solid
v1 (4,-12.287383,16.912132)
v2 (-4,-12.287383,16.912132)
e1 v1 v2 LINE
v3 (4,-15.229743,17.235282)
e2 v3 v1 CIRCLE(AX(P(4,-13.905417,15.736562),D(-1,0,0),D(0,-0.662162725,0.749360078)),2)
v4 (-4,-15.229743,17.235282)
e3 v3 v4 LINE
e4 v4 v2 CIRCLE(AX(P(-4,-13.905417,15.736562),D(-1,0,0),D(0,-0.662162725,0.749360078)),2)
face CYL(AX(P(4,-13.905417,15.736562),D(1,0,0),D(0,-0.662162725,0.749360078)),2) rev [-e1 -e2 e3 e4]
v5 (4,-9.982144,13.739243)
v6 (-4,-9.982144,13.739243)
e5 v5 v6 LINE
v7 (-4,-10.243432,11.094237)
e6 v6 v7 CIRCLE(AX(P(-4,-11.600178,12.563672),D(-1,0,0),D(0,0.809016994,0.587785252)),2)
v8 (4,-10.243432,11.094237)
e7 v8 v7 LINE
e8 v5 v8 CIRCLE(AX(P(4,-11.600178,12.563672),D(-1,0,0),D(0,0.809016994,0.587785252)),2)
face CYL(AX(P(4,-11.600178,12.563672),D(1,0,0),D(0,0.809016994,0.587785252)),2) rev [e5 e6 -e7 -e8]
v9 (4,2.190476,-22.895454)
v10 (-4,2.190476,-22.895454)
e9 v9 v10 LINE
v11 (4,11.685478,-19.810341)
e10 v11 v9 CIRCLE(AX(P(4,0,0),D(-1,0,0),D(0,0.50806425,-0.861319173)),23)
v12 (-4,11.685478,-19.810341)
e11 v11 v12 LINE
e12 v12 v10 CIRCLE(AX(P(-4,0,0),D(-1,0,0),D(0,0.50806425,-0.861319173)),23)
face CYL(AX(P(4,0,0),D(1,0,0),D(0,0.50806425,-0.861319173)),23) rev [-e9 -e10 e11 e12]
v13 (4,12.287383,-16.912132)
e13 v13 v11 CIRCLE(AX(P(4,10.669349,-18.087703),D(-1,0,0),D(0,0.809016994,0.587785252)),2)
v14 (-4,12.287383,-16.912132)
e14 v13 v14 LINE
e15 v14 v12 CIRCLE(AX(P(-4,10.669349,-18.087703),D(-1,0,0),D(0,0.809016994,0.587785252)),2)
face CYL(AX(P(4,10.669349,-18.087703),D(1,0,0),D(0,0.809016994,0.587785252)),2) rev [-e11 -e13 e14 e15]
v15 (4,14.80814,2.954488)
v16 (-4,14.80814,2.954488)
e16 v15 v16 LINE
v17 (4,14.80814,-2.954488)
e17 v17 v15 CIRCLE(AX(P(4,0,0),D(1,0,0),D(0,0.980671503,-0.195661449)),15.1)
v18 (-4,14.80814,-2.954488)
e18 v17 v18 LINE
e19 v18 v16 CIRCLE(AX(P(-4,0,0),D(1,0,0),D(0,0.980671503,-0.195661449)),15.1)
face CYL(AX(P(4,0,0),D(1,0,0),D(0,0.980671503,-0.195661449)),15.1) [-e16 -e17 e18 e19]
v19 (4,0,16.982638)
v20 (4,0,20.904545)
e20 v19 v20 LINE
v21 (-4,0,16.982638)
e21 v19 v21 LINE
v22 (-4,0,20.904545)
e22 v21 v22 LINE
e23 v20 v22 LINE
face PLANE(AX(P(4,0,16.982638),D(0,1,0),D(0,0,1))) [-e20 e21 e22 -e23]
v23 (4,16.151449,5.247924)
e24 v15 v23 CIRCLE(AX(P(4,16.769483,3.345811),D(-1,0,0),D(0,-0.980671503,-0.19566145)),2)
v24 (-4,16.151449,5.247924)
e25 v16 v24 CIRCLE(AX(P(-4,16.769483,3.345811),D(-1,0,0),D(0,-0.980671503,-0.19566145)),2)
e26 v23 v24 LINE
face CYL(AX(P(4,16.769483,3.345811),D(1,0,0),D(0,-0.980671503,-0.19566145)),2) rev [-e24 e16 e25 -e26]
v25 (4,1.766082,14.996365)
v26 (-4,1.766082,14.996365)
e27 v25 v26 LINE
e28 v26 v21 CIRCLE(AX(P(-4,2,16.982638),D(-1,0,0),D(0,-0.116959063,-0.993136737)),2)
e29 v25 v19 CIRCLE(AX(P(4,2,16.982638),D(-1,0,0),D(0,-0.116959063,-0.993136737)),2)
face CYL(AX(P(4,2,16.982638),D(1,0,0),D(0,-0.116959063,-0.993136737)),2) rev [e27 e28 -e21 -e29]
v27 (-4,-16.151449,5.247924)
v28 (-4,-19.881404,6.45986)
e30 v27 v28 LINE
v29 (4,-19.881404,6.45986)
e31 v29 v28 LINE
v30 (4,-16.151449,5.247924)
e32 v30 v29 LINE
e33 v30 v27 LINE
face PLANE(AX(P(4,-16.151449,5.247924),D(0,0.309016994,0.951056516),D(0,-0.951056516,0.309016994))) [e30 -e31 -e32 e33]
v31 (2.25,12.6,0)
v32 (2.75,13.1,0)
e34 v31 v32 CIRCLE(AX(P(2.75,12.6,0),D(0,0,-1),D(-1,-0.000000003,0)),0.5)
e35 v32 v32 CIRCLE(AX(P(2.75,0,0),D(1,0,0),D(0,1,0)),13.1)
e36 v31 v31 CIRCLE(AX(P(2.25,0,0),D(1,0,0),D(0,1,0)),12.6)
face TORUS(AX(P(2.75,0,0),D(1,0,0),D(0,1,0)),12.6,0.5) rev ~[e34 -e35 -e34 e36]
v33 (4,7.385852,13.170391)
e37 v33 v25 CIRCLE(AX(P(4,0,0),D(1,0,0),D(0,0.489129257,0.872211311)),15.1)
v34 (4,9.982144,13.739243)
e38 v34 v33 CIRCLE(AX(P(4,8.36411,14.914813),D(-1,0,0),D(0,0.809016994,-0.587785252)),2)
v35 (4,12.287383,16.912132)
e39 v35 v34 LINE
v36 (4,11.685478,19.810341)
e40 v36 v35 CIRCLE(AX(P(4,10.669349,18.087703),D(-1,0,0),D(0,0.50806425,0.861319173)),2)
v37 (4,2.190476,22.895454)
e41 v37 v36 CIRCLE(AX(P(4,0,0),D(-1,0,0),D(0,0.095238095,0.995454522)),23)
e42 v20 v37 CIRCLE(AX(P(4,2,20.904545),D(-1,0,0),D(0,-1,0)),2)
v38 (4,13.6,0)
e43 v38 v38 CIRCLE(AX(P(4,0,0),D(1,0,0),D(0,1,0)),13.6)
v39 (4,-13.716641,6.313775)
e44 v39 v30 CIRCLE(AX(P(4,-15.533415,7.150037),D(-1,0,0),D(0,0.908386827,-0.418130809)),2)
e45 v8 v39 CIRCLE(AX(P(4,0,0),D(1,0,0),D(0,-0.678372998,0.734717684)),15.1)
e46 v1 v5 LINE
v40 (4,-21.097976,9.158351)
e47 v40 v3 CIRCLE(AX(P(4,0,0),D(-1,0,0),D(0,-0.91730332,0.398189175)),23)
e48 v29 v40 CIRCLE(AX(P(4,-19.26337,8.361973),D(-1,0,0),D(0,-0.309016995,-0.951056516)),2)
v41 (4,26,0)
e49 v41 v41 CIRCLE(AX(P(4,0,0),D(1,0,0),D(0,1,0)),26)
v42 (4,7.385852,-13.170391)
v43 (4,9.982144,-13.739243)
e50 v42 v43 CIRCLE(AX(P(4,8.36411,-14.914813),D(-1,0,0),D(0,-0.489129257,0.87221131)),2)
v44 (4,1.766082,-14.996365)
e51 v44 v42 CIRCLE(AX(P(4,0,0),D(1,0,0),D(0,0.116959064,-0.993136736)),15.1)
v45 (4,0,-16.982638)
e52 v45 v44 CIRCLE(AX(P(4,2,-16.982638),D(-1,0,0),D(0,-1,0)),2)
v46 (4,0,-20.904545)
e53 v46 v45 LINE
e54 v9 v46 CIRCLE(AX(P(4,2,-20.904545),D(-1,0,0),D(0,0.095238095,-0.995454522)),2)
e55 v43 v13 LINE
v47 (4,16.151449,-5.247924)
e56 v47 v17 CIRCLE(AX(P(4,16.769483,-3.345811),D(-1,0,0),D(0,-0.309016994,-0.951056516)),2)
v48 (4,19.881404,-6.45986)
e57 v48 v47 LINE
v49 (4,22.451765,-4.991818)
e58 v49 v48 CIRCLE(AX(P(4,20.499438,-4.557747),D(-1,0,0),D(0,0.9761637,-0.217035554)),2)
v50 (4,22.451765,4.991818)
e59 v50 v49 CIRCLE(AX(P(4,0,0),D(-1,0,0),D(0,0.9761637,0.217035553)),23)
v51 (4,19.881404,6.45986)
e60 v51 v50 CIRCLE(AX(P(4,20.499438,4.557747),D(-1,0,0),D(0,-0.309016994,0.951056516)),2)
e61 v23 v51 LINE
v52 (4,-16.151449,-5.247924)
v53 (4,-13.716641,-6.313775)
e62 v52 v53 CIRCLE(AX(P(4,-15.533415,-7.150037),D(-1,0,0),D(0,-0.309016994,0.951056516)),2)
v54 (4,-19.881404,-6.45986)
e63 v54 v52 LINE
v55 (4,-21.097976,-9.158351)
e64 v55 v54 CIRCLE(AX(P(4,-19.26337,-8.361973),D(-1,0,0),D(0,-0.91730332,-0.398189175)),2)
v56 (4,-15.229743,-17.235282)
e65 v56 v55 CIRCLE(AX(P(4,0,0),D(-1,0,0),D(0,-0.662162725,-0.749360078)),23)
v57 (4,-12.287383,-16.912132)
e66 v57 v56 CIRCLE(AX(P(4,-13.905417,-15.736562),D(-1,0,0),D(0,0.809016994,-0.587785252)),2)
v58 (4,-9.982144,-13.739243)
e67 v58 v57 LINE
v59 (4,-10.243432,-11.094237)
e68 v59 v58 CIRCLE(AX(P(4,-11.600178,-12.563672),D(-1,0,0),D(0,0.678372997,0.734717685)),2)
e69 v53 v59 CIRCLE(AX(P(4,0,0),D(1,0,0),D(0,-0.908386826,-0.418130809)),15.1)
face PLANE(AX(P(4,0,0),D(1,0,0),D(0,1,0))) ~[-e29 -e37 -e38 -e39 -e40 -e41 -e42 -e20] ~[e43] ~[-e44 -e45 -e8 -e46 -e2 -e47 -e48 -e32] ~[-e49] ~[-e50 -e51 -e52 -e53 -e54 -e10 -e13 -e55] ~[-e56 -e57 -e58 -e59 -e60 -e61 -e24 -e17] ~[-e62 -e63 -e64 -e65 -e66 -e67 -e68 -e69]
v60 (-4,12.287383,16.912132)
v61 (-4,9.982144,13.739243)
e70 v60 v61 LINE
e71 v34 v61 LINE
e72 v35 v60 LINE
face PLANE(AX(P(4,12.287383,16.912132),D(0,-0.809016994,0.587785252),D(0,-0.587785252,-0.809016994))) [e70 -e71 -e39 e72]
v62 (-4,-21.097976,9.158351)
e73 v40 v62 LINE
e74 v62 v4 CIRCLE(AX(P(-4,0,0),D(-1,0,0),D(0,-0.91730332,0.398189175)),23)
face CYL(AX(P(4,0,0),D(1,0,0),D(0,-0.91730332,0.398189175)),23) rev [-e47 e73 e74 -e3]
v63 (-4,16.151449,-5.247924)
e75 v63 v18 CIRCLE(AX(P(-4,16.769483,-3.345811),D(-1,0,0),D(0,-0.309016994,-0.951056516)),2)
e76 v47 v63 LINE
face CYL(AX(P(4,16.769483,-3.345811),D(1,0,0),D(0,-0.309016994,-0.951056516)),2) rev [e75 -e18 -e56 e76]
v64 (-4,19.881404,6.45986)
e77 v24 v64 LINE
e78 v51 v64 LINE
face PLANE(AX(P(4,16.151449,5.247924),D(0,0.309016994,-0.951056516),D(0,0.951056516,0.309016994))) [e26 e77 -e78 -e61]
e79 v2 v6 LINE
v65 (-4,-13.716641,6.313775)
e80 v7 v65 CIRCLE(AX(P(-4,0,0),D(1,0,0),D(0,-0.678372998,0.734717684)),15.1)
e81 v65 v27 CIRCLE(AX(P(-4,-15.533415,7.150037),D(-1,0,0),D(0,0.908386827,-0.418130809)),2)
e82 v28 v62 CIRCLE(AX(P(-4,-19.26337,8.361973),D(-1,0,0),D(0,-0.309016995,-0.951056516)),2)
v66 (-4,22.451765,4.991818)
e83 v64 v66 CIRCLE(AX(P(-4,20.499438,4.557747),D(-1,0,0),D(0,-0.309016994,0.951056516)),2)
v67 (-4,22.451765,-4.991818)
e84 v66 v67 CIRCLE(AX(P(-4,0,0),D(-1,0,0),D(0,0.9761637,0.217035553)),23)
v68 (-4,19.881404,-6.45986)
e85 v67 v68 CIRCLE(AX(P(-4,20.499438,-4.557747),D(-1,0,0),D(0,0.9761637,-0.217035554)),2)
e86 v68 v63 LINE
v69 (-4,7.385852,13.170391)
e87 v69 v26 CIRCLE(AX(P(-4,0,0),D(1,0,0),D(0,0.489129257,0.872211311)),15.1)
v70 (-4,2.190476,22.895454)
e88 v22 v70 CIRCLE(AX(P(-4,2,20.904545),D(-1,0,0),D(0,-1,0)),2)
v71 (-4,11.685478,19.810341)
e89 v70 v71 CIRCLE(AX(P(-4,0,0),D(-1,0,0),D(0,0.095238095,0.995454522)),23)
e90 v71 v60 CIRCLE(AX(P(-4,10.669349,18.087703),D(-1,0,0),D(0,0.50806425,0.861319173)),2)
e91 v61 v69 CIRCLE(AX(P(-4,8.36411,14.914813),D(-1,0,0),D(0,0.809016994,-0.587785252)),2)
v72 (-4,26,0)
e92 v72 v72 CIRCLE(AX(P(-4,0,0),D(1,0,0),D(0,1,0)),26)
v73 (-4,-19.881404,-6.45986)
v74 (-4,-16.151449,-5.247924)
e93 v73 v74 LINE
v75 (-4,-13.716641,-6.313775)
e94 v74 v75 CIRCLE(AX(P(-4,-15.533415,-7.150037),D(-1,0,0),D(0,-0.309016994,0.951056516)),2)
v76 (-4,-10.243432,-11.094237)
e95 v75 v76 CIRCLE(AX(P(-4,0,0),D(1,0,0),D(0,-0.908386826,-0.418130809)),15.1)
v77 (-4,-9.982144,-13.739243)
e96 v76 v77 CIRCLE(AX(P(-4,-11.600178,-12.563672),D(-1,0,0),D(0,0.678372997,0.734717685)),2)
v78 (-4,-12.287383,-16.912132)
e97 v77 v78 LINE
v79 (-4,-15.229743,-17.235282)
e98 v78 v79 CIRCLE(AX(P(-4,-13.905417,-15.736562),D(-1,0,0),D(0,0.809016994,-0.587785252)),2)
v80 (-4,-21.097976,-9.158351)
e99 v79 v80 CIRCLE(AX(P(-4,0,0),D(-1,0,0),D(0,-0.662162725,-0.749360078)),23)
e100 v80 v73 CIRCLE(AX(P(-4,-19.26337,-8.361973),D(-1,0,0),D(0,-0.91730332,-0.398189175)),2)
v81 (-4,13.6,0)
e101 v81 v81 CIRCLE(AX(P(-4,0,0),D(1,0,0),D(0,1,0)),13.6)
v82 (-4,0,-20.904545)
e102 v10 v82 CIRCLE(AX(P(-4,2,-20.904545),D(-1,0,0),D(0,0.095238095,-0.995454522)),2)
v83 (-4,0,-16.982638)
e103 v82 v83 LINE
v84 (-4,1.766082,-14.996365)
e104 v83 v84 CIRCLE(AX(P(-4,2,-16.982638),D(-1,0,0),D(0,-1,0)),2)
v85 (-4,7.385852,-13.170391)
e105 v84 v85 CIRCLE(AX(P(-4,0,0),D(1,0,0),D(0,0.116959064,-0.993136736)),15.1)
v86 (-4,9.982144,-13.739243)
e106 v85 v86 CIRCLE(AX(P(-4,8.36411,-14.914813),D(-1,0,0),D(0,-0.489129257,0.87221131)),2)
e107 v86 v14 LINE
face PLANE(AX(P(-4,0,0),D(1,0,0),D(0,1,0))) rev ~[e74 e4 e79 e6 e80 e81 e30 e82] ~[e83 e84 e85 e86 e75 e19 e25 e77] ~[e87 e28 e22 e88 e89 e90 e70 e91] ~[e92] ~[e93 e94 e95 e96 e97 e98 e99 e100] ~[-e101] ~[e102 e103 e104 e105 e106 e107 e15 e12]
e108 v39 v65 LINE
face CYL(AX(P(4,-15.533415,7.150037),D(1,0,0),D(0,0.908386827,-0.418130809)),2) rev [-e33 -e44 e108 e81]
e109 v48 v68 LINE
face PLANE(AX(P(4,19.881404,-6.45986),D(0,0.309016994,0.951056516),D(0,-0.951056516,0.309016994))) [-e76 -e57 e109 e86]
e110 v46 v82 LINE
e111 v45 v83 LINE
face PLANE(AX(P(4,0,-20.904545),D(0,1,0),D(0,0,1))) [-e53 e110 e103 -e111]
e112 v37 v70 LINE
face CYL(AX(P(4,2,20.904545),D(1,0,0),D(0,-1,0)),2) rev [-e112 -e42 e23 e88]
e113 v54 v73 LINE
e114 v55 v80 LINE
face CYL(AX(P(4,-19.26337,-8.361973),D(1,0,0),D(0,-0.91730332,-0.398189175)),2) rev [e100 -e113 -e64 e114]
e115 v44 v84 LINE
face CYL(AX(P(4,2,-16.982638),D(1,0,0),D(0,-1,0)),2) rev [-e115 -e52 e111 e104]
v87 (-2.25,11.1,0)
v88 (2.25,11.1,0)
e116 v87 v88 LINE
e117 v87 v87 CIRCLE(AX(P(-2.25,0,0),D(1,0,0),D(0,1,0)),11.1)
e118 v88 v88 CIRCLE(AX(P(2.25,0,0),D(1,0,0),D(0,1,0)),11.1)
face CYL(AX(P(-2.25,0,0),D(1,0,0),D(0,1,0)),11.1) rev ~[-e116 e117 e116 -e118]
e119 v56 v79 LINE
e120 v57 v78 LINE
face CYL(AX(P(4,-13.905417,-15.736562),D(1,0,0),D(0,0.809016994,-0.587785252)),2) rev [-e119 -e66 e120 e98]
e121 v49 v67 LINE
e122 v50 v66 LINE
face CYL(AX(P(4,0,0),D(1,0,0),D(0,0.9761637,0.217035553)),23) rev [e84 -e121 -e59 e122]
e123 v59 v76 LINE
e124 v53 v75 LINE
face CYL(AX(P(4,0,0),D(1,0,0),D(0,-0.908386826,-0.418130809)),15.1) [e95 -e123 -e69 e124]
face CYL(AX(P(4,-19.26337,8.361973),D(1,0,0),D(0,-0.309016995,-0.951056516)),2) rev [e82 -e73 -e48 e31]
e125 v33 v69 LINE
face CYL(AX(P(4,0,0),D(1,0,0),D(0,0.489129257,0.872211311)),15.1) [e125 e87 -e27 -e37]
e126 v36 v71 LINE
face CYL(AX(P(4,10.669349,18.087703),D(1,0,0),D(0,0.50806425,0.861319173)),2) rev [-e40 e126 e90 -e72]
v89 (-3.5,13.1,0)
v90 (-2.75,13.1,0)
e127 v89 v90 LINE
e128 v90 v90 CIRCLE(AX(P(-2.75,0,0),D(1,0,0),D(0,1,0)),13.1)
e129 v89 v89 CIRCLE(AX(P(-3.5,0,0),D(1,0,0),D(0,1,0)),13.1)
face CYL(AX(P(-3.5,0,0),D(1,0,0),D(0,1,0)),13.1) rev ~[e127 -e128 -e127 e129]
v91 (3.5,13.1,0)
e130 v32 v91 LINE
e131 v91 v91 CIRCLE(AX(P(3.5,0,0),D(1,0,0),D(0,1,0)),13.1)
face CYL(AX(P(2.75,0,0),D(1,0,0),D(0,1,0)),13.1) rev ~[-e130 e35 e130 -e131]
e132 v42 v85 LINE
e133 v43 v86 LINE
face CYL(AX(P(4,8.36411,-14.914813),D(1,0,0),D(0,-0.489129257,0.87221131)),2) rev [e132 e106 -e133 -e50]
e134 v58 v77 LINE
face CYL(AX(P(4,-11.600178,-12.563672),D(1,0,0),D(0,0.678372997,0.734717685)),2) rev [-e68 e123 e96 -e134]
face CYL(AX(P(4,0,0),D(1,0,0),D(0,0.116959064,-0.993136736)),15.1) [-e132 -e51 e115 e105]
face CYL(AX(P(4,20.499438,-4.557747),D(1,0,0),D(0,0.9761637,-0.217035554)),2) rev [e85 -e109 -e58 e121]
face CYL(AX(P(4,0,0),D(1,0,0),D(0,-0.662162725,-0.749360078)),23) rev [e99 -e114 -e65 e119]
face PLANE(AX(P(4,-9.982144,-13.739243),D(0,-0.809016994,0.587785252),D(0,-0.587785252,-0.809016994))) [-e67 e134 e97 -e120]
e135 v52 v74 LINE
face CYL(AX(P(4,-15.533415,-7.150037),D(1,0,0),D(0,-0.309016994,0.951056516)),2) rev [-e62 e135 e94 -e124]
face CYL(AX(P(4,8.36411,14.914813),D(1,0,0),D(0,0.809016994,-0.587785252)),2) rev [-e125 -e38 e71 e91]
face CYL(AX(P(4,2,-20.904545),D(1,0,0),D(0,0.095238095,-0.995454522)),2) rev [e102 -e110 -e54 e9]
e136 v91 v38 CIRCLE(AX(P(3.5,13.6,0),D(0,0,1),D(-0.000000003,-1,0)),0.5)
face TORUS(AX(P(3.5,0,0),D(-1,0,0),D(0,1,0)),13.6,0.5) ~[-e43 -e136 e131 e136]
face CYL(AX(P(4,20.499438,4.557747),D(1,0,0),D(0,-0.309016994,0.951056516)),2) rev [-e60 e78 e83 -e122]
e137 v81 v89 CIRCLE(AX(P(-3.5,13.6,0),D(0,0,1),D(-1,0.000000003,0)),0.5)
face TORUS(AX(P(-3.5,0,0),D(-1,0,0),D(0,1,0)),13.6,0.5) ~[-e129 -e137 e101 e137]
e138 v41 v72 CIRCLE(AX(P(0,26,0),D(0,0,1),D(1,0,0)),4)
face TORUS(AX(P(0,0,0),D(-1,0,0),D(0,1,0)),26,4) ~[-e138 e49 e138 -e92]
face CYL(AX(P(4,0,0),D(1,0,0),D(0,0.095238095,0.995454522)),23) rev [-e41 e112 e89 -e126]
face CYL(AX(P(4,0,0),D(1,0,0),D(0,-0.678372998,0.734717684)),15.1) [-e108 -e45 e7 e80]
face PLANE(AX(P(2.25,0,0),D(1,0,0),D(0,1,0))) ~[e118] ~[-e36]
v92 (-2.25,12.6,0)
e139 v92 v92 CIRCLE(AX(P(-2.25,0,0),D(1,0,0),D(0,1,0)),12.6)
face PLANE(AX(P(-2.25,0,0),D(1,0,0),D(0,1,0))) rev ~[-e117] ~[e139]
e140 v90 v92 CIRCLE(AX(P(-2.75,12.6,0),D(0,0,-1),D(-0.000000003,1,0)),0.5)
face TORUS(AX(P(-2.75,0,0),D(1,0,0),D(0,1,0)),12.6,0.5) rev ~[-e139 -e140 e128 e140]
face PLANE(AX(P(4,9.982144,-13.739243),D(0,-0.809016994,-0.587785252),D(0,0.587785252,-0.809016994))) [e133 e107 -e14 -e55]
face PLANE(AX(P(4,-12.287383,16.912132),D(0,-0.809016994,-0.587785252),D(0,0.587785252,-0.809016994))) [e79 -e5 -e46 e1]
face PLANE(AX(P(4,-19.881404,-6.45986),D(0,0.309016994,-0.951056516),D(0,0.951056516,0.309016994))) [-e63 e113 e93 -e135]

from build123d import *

# Parameters (mm, degrees)
CUT_EXTRUDE1_DEPTH = 8
CIRPATTERN1_COUNT  = 5


with BuildPart() as part:
    # Sketch3 → Revolve1 (revolve)
    with BuildSketch(Plane.XY):
        with BuildLine():
            Line((-2.25, 11.1), (2.25, 11.1))
            Line((2.25, 11.1), (2.25, 12.6))
            ThreePointArc((2.25, 12.6), (2.396446609, 12.953553391), (2.75, 13.1))
            Line((2.75, 13.1), (3.5, 13.1))
            ThreePointArc((3.5, 13.1), (3.853553391, 13.246446609), (4, 13.6))
            Line((4, 13.6), (4, 26))
            ThreePointArc((4, 26), (0, 30), (-4, 26))
            Line((-4, 26), (-4, 13.6))
            ThreePointArc((-4, 13.6), (-3.853553391, 13.246446609), (-3.5, 13.1))
            Line((-3.5, 13.1), (-2.75, 13.1))
            ThreePointArc((-2.75, 13.1), (-2.396446609, 12.953553391), (-2.25, 12.6))
            Line((-2.25, 12.6), (-2.25, 11.1))
        make_face()
    revolve(axis=Axis((0, 0, 0), (1, 0, 0)))

    # Sketch6 → Cut-Extrude1 (cut)
    with BuildSketch(Plane(origin=(4, 0, 0), x_dir=(0, 0, -1), z_dir=(1, 0, 0))):
        with BuildLine():
            Line((13.739242908, 9.982144275), (16.912132133, 12.287383234))
            ThreePointArc((16.912132133, 12.287383234), (18.494388462, 12.627564412), (19.810340984, 11.685477744))
            ThreePointArc((19.810340984, 11.685477744), (21.874299875, 7.107390871), (22.895454004, 2.19047619))
            ThreePointArc((22.895454004, 2.19047619), (22.3845707, 0.654814582), (20.90454496, 0))
            Line((20.90454496, 0), (16.982638193, 0))
            ThreePointArc((16.982638193, 0), (15.653698062, 0.505370237), (14.99636472, 1.766081871))
            ThreePointArc((14.99636472, 1.766081871), (14.360953396, 4.666156615), (13.170390791, 7.385851773))
            ThreePointArc((13.170390791, 7.385851773), (12.961156929, 8.792159755), (13.739242908, 9.982144275))
        make_face()
    cut_extrude1 = extrude(amount=-CUT_EXTRUDE1_DEPTH, mode=Mode.SUBTRACT)

    # CirPattern1: Cut-Extrude1 ×5 about axis
    cirpattern1_axis = Axis((0, 0, 0), (1, 0, 0))
    for i in range(1, CIRPATTERN1_COUNT):
        add(cut_extrude1.rotate(cirpattern1_axis, i * 360 / CIRPATTERN1_COUNT), mode=Mode.SUBTRACT)


solid = part.part
